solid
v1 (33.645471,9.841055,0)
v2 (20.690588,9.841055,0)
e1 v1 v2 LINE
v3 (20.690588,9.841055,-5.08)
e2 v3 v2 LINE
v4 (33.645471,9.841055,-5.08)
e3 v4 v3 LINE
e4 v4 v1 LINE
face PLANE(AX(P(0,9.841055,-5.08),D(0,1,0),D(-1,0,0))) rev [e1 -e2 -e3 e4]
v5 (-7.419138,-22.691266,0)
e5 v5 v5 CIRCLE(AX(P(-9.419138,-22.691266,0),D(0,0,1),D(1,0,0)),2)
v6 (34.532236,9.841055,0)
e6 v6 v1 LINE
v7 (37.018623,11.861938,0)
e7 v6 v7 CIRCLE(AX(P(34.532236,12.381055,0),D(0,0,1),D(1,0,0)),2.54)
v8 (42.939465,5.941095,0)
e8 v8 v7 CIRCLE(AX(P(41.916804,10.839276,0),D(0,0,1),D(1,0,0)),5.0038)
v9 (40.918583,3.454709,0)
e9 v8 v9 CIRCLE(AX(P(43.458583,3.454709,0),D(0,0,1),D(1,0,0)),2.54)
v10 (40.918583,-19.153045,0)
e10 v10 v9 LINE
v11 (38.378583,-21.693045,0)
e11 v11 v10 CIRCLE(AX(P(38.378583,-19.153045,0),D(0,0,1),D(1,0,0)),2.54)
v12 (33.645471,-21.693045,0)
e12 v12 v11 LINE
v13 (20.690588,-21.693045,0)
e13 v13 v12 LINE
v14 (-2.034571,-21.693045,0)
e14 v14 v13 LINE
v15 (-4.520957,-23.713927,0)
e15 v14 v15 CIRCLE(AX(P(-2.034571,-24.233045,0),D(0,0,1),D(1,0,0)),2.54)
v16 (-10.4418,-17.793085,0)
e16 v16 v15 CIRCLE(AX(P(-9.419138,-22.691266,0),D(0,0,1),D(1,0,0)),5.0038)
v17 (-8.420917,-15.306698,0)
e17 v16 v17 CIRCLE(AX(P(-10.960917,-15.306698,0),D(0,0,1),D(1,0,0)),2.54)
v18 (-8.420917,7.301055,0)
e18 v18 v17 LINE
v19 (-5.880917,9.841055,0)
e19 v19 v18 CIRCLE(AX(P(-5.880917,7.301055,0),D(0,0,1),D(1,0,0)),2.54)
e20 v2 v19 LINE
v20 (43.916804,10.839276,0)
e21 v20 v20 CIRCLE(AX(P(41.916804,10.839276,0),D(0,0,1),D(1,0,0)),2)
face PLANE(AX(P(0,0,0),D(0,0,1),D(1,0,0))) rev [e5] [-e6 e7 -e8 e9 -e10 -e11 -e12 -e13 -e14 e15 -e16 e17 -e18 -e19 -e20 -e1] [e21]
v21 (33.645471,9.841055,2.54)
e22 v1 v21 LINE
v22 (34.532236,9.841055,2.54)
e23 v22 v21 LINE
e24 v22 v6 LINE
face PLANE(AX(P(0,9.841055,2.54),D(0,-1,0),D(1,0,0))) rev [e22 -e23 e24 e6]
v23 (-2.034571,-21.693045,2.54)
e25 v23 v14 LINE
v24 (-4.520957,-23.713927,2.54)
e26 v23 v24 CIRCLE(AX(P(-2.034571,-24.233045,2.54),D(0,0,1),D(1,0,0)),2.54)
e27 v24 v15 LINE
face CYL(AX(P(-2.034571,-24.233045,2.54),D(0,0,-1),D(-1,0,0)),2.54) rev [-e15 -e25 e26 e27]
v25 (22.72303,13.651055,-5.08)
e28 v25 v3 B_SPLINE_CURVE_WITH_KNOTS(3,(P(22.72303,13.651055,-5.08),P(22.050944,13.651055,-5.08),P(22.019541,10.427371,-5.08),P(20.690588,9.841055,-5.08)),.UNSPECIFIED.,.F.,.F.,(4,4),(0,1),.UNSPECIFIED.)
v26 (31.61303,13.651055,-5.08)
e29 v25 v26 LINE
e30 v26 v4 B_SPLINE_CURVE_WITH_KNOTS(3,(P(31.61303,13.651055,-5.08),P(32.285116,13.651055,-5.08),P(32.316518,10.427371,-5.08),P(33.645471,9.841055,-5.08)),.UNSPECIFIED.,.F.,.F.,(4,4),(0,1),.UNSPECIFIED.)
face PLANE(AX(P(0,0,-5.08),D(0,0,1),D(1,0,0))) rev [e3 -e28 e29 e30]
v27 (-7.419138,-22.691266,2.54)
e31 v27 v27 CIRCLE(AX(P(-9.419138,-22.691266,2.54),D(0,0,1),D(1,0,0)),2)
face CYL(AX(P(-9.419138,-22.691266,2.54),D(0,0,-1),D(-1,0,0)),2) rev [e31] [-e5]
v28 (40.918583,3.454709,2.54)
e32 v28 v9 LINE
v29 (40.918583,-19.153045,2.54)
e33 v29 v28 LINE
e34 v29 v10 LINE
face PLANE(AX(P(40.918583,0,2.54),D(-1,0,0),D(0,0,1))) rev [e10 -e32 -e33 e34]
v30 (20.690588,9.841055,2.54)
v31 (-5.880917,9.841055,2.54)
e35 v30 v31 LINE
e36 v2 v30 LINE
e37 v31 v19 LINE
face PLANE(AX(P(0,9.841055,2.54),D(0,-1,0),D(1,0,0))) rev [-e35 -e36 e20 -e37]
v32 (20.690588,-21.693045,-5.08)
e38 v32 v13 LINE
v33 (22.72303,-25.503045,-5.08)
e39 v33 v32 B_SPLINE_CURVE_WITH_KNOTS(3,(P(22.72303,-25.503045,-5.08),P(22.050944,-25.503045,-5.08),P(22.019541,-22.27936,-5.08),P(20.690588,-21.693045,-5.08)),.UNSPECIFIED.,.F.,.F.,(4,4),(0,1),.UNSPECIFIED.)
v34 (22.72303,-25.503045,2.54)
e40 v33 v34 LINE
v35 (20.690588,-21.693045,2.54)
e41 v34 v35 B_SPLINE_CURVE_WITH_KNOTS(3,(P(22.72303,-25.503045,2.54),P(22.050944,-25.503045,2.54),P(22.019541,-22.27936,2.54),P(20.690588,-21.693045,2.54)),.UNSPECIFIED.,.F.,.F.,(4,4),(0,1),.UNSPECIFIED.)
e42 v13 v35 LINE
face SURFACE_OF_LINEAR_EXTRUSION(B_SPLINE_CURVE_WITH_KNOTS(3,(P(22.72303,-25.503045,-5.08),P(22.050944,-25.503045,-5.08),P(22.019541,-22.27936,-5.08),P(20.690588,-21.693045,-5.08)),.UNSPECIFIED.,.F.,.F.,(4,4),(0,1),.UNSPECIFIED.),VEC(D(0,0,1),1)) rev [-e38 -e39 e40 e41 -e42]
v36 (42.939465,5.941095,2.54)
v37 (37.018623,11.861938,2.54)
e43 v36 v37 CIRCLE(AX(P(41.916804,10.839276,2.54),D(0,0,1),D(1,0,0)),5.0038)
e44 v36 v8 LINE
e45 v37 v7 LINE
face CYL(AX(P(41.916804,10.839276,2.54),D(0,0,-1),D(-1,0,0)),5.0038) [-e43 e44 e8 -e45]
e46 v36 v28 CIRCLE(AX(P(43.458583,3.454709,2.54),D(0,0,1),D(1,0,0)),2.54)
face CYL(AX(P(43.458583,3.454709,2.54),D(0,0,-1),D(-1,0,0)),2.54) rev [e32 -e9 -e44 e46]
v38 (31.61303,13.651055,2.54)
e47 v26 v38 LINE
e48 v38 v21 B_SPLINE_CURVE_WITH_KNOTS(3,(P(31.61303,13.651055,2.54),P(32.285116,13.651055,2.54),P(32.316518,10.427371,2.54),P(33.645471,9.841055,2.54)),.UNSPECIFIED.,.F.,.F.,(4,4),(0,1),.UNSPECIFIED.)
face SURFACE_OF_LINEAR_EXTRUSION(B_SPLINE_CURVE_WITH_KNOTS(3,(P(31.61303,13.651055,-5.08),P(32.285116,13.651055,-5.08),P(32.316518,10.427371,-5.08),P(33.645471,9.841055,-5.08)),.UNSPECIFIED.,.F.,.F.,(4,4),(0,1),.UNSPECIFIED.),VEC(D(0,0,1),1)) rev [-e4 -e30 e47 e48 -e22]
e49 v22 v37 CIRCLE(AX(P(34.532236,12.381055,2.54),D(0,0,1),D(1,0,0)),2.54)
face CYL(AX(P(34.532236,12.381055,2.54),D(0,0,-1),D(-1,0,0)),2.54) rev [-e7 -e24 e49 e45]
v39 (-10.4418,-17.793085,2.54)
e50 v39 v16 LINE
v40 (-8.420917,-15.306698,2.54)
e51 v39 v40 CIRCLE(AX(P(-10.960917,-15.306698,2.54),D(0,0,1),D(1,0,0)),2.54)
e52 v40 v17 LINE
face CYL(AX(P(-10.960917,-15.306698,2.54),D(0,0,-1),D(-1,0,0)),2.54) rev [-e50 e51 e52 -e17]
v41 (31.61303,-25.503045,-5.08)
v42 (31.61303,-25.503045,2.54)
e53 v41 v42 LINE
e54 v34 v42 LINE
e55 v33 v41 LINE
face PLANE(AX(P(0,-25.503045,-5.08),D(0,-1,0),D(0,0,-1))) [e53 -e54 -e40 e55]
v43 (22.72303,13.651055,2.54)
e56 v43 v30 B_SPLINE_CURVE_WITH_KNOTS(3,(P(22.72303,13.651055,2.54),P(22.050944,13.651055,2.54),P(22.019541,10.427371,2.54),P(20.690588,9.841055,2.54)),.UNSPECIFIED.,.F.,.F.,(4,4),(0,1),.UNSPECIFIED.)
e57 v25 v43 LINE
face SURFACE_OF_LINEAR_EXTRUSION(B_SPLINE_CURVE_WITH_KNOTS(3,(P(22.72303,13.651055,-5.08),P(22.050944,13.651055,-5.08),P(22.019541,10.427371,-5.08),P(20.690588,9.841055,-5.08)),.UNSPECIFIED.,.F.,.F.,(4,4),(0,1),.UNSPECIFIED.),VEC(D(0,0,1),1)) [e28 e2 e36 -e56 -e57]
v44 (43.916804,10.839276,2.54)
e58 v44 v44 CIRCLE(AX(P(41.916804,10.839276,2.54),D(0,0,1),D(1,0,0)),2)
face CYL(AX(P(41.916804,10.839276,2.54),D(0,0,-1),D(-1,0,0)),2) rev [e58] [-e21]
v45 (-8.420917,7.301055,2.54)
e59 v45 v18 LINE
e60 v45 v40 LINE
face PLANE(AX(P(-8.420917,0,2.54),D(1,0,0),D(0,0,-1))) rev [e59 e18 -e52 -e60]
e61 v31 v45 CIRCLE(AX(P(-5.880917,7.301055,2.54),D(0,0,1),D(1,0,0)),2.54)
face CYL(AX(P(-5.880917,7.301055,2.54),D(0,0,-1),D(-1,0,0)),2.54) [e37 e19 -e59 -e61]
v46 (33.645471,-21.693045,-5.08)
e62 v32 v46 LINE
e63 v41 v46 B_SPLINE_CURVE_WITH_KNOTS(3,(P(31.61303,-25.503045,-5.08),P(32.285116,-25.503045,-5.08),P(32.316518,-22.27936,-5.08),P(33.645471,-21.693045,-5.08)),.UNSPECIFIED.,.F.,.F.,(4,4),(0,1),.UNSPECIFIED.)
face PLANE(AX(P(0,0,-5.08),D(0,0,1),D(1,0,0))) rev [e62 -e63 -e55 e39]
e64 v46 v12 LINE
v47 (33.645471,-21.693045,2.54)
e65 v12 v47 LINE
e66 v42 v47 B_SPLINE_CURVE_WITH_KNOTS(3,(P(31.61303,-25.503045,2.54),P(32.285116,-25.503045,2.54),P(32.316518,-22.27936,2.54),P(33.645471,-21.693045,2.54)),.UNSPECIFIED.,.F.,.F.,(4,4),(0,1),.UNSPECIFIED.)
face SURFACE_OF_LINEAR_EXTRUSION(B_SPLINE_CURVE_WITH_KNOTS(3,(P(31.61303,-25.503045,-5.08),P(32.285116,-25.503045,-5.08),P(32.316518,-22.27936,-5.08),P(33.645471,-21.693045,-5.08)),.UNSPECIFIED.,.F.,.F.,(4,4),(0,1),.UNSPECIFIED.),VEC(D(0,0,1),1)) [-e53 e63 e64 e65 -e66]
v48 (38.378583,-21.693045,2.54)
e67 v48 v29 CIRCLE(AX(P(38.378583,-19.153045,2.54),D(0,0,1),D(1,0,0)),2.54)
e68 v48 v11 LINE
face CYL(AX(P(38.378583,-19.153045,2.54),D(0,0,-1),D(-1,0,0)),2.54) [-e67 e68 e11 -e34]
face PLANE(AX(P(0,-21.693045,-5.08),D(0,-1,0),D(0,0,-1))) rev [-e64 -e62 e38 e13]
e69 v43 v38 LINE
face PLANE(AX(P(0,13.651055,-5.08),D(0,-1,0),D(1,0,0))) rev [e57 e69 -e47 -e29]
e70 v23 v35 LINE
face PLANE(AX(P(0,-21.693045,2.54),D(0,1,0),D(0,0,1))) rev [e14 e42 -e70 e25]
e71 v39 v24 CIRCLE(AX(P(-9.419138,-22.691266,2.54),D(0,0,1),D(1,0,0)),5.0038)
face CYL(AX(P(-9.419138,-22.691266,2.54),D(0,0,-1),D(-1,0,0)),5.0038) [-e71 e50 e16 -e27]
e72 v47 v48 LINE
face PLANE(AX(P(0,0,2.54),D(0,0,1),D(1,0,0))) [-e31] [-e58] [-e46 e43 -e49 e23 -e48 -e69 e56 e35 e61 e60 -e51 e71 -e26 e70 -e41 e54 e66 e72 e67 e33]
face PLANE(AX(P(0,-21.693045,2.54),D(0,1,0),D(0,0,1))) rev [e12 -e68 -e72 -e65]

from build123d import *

# Parameters (mm, degrees)
SKETCH1_R           = 2
BOSS_EXTRUDE1_DEPTH = 2.54
SKETCH2_W           = 8.89
SKETCH2_H           = 3.81
BOSS_EXTRUDE2_DEPTH = 7.62


with BuildPart() as part:
    # Sketch1 → Boss-Extrude1 (new body)
    # profile 1 of 2: a face of its own
    with BuildSketch(Plane.XY):
        with BuildLine():
            ThreePointArc((42.939465347, 5.941095032), (41.487522441, 5.056745133), (40.918582885, 3.454708702))
            Line((40.918582885, 3.454708702), (40.918582885, 3.15450519))
            Line((40.918582885, 3.15450519), (40.918582885, -15.00649481))
            Line((40.918582885, -15.00649481), (40.918582885, -19.15304481))
            ThreePointArc((40.918582885, -19.15304481), (40.174634109, -20.949096034), (38.378582885, -21.69304481))
            Line((38.378582885, -21.69304481), (-2.034570627, -21.69304481))
            ThreePointArc((-2.034570627, -21.69304481), (-3.636607058, -22.261984366), (-4.520956957, -23.713927272))
            ThreePointArc((-4.520956957, -23.713927272), (-12.957358938, -26.229486634), (-10.441799577, -17.793084652))
            ThreePointArc((-10.441799577, -17.793084652), (-8.989856671, -16.908734753), (-8.420917115, -15.306698322))
            Line((-8.420917115, -15.306698322), (-8.420917115, -14.63819481))
            Line((-8.420917115, -14.63819481), (-8.420917115, 2.78620519))
            Line((-8.420917115, 2.78620519), (-8.420917115, 7.30105519))
            ThreePointArc((-8.420917115, 7.30105519), (-7.676968339, 9.097106414), (-5.880917115, 9.84105519))
            Line((-5.880917115, 9.84105519), (34.532236397, 9.84105519))
            ThreePointArc((34.532236397, 9.84105519), (36.134272828, 10.409994746), (37.018622727, 11.861937652))
            ThreePointArc((37.018622727, 11.861937652), (45.455024709, 14.377497013), (42.939465347, 5.941095032))
        make_face()
        with Locations((-9.419138026, -22.691265722)):
            Circle(SKETCH1_R, mode=Mode.SUBTRACT)
        with Locations((41.916803797, 10.839276102)):
            Circle(SKETCH1_R, mode=Mode.SUBTRACT)
        with BuildLine():
            ThreePointArc((38.378582885, 6.03105519), (38.006608497, 6.929080802), (37.108582885, 7.30105519))
            Line((37.108582885, 7.30105519), (-4.610917115, 7.30105519))
            ThreePointArc((-4.610917115, 7.30105519), (-5.508942727, 6.929080802), (-5.880917115, 6.03105519))
            Line((-5.880917115, 6.03105519), (-5.880917115, 2.78620519))
            Line((-5.880917115, 2.78620519), (-5.880917115, -14.63819481))
            Line((-5.880917115, -14.63819481), (-5.880917115, -17.88304481))
            ThreePointArc((-5.880917115, -17.88304481), (-5.508942727, -18.781070422), (-4.610917115, -19.15304481))
            Line((-4.610917115, -19.15304481), (37.108582885, -19.15304481))
            ThreePointArc((37.108582885, -19.15304481), (38.006608497, -18.781070422), (38.378582885, -17.88304481))
            Line((38.378582885, -17.88304481), (38.378582885, -15.00649481))
            Line((38.378582885, -15.00649481), (38.378582885, 3.15450519))
            Line((38.378582885, 3.15450519), (38.378582885, 6.03105519))
        make_face(mode=Mode.SUBTRACT)
    # profile 2 of 2: a face of its own
    with BuildSketch(Plane.XY):
        with BuildLine():
            Line((38.378582885, 6.03105519), (38.378582885, 3.15450519))
            Line((38.378582885, 3.15450519), (38.378582885, -15.00649481))
            Line((38.378582885, -15.00649481), (38.378582885, -17.88304481))
            ThreePointArc((38.378582885, -17.88304481), (38.006608497, -18.781070422), (37.108582885, -19.15304481))
            Line((37.108582885, -19.15304481), (-4.610917115, -19.15304481))
            ThreePointArc((-4.610917115, -19.15304481), (-5.508942727, -18.781070422), (-5.880917115, -17.88304481))
            Line((-5.880917115, -17.88304481), (-5.880917115, -14.63819481))
            Line((-5.880917115, -14.63819481), (-5.880917115, 2.78620519))
            Line((-5.880917115, 2.78620519), (-5.880917115, 6.03105519))
            ThreePointArc((-5.880917115, 6.03105519), (-5.508942727, 6.929080802), (-4.610917115, 7.30105519))
            Line((-4.610917115, 7.30105519), (37.108582885, 7.30105519))
            ThreePointArc((37.108582885, 7.30105519), (38.006608497, 6.929080802), (38.378582885, 6.03105519))
        make_face()
    extrude(amount=BOSS_EXTRUDE1_DEPTH)

    # Sketch2 → Boss-Extrude2 (add)
    with BuildSketch(Plane.XY.offset(2.54)):
        with BuildLine():
            Line((31.613029704, -21.69304481), (31.613029704, -25.50304481))
            add(Edge.make_bspline(
                [(31.613029704, -25.50304481), (32.285115867, -25.50304481), (32.316518426, -22.279360341), (33.645471093, -21.69304481)],
                knots=[0, 0, 0, 0, 1, 1, 1, 1], degree=3))
            Line((33.645471093, -21.69304481), (31.613029704, -21.69304481))
        make_face()
        with BuildLine():
            add(Edge.make_bspline(
                [(22.723029704, -25.50304481), (22.050943542, -25.50304481), (22.019540983, -22.279360341), (20.690588316, -21.69304481)],
                knots=[0, 0, 0, 0, 1, 1, 1, 1], degree=3))
            Line((22.723029704, -25.50304481), (22.723029704, -21.69304481))
            Line((22.723029704, -21.69304481), (20.690588316, -21.69304481))
        make_face()
        with Locations((27.168029704, -23.59804481)):
            Rectangle(SKETCH2_W, SKETCH2_H)
        with BuildLine():
            Line((20.690588316, 9.84105519), (22.723029704, 9.84105519))
            Line((22.723029704, 9.84105519), (22.723029704, 13.65105519))
            add(Edge.make_bspline(
                [(22.723029704, 13.65105519), (22.050943542, 13.65105519), (22.019540983, 10.427370721), (20.690588316, 9.84105519)],
                knots=[0, 0, 0, 0, 1, 1, 1, 1], degree=3))
        make_face()
        with Locations((27.168029704, 11.74605519)):
            Rectangle(SKETCH2_W, SKETCH2_H)
        with BuildLine():
            Line((31.613029704, 13.65105519), (31.613029704, 9.84105519))
            Line((31.613029704, 9.84105519), (33.645471093, 9.84105519))
            add(Edge.make_bspline(
                [(31.613029704, 13.65105519), (32.285115867, 13.65105519), (32.316518426, 10.427370721), (33.645471093, 9.84105519)],
                knots=[0, 0, 0, 0, 1, 1, 1, 1], degree=3))
        make_face()
    extrude(amount=-BOSS_EXTRUDE2_DEPTH)


solid = part.part
